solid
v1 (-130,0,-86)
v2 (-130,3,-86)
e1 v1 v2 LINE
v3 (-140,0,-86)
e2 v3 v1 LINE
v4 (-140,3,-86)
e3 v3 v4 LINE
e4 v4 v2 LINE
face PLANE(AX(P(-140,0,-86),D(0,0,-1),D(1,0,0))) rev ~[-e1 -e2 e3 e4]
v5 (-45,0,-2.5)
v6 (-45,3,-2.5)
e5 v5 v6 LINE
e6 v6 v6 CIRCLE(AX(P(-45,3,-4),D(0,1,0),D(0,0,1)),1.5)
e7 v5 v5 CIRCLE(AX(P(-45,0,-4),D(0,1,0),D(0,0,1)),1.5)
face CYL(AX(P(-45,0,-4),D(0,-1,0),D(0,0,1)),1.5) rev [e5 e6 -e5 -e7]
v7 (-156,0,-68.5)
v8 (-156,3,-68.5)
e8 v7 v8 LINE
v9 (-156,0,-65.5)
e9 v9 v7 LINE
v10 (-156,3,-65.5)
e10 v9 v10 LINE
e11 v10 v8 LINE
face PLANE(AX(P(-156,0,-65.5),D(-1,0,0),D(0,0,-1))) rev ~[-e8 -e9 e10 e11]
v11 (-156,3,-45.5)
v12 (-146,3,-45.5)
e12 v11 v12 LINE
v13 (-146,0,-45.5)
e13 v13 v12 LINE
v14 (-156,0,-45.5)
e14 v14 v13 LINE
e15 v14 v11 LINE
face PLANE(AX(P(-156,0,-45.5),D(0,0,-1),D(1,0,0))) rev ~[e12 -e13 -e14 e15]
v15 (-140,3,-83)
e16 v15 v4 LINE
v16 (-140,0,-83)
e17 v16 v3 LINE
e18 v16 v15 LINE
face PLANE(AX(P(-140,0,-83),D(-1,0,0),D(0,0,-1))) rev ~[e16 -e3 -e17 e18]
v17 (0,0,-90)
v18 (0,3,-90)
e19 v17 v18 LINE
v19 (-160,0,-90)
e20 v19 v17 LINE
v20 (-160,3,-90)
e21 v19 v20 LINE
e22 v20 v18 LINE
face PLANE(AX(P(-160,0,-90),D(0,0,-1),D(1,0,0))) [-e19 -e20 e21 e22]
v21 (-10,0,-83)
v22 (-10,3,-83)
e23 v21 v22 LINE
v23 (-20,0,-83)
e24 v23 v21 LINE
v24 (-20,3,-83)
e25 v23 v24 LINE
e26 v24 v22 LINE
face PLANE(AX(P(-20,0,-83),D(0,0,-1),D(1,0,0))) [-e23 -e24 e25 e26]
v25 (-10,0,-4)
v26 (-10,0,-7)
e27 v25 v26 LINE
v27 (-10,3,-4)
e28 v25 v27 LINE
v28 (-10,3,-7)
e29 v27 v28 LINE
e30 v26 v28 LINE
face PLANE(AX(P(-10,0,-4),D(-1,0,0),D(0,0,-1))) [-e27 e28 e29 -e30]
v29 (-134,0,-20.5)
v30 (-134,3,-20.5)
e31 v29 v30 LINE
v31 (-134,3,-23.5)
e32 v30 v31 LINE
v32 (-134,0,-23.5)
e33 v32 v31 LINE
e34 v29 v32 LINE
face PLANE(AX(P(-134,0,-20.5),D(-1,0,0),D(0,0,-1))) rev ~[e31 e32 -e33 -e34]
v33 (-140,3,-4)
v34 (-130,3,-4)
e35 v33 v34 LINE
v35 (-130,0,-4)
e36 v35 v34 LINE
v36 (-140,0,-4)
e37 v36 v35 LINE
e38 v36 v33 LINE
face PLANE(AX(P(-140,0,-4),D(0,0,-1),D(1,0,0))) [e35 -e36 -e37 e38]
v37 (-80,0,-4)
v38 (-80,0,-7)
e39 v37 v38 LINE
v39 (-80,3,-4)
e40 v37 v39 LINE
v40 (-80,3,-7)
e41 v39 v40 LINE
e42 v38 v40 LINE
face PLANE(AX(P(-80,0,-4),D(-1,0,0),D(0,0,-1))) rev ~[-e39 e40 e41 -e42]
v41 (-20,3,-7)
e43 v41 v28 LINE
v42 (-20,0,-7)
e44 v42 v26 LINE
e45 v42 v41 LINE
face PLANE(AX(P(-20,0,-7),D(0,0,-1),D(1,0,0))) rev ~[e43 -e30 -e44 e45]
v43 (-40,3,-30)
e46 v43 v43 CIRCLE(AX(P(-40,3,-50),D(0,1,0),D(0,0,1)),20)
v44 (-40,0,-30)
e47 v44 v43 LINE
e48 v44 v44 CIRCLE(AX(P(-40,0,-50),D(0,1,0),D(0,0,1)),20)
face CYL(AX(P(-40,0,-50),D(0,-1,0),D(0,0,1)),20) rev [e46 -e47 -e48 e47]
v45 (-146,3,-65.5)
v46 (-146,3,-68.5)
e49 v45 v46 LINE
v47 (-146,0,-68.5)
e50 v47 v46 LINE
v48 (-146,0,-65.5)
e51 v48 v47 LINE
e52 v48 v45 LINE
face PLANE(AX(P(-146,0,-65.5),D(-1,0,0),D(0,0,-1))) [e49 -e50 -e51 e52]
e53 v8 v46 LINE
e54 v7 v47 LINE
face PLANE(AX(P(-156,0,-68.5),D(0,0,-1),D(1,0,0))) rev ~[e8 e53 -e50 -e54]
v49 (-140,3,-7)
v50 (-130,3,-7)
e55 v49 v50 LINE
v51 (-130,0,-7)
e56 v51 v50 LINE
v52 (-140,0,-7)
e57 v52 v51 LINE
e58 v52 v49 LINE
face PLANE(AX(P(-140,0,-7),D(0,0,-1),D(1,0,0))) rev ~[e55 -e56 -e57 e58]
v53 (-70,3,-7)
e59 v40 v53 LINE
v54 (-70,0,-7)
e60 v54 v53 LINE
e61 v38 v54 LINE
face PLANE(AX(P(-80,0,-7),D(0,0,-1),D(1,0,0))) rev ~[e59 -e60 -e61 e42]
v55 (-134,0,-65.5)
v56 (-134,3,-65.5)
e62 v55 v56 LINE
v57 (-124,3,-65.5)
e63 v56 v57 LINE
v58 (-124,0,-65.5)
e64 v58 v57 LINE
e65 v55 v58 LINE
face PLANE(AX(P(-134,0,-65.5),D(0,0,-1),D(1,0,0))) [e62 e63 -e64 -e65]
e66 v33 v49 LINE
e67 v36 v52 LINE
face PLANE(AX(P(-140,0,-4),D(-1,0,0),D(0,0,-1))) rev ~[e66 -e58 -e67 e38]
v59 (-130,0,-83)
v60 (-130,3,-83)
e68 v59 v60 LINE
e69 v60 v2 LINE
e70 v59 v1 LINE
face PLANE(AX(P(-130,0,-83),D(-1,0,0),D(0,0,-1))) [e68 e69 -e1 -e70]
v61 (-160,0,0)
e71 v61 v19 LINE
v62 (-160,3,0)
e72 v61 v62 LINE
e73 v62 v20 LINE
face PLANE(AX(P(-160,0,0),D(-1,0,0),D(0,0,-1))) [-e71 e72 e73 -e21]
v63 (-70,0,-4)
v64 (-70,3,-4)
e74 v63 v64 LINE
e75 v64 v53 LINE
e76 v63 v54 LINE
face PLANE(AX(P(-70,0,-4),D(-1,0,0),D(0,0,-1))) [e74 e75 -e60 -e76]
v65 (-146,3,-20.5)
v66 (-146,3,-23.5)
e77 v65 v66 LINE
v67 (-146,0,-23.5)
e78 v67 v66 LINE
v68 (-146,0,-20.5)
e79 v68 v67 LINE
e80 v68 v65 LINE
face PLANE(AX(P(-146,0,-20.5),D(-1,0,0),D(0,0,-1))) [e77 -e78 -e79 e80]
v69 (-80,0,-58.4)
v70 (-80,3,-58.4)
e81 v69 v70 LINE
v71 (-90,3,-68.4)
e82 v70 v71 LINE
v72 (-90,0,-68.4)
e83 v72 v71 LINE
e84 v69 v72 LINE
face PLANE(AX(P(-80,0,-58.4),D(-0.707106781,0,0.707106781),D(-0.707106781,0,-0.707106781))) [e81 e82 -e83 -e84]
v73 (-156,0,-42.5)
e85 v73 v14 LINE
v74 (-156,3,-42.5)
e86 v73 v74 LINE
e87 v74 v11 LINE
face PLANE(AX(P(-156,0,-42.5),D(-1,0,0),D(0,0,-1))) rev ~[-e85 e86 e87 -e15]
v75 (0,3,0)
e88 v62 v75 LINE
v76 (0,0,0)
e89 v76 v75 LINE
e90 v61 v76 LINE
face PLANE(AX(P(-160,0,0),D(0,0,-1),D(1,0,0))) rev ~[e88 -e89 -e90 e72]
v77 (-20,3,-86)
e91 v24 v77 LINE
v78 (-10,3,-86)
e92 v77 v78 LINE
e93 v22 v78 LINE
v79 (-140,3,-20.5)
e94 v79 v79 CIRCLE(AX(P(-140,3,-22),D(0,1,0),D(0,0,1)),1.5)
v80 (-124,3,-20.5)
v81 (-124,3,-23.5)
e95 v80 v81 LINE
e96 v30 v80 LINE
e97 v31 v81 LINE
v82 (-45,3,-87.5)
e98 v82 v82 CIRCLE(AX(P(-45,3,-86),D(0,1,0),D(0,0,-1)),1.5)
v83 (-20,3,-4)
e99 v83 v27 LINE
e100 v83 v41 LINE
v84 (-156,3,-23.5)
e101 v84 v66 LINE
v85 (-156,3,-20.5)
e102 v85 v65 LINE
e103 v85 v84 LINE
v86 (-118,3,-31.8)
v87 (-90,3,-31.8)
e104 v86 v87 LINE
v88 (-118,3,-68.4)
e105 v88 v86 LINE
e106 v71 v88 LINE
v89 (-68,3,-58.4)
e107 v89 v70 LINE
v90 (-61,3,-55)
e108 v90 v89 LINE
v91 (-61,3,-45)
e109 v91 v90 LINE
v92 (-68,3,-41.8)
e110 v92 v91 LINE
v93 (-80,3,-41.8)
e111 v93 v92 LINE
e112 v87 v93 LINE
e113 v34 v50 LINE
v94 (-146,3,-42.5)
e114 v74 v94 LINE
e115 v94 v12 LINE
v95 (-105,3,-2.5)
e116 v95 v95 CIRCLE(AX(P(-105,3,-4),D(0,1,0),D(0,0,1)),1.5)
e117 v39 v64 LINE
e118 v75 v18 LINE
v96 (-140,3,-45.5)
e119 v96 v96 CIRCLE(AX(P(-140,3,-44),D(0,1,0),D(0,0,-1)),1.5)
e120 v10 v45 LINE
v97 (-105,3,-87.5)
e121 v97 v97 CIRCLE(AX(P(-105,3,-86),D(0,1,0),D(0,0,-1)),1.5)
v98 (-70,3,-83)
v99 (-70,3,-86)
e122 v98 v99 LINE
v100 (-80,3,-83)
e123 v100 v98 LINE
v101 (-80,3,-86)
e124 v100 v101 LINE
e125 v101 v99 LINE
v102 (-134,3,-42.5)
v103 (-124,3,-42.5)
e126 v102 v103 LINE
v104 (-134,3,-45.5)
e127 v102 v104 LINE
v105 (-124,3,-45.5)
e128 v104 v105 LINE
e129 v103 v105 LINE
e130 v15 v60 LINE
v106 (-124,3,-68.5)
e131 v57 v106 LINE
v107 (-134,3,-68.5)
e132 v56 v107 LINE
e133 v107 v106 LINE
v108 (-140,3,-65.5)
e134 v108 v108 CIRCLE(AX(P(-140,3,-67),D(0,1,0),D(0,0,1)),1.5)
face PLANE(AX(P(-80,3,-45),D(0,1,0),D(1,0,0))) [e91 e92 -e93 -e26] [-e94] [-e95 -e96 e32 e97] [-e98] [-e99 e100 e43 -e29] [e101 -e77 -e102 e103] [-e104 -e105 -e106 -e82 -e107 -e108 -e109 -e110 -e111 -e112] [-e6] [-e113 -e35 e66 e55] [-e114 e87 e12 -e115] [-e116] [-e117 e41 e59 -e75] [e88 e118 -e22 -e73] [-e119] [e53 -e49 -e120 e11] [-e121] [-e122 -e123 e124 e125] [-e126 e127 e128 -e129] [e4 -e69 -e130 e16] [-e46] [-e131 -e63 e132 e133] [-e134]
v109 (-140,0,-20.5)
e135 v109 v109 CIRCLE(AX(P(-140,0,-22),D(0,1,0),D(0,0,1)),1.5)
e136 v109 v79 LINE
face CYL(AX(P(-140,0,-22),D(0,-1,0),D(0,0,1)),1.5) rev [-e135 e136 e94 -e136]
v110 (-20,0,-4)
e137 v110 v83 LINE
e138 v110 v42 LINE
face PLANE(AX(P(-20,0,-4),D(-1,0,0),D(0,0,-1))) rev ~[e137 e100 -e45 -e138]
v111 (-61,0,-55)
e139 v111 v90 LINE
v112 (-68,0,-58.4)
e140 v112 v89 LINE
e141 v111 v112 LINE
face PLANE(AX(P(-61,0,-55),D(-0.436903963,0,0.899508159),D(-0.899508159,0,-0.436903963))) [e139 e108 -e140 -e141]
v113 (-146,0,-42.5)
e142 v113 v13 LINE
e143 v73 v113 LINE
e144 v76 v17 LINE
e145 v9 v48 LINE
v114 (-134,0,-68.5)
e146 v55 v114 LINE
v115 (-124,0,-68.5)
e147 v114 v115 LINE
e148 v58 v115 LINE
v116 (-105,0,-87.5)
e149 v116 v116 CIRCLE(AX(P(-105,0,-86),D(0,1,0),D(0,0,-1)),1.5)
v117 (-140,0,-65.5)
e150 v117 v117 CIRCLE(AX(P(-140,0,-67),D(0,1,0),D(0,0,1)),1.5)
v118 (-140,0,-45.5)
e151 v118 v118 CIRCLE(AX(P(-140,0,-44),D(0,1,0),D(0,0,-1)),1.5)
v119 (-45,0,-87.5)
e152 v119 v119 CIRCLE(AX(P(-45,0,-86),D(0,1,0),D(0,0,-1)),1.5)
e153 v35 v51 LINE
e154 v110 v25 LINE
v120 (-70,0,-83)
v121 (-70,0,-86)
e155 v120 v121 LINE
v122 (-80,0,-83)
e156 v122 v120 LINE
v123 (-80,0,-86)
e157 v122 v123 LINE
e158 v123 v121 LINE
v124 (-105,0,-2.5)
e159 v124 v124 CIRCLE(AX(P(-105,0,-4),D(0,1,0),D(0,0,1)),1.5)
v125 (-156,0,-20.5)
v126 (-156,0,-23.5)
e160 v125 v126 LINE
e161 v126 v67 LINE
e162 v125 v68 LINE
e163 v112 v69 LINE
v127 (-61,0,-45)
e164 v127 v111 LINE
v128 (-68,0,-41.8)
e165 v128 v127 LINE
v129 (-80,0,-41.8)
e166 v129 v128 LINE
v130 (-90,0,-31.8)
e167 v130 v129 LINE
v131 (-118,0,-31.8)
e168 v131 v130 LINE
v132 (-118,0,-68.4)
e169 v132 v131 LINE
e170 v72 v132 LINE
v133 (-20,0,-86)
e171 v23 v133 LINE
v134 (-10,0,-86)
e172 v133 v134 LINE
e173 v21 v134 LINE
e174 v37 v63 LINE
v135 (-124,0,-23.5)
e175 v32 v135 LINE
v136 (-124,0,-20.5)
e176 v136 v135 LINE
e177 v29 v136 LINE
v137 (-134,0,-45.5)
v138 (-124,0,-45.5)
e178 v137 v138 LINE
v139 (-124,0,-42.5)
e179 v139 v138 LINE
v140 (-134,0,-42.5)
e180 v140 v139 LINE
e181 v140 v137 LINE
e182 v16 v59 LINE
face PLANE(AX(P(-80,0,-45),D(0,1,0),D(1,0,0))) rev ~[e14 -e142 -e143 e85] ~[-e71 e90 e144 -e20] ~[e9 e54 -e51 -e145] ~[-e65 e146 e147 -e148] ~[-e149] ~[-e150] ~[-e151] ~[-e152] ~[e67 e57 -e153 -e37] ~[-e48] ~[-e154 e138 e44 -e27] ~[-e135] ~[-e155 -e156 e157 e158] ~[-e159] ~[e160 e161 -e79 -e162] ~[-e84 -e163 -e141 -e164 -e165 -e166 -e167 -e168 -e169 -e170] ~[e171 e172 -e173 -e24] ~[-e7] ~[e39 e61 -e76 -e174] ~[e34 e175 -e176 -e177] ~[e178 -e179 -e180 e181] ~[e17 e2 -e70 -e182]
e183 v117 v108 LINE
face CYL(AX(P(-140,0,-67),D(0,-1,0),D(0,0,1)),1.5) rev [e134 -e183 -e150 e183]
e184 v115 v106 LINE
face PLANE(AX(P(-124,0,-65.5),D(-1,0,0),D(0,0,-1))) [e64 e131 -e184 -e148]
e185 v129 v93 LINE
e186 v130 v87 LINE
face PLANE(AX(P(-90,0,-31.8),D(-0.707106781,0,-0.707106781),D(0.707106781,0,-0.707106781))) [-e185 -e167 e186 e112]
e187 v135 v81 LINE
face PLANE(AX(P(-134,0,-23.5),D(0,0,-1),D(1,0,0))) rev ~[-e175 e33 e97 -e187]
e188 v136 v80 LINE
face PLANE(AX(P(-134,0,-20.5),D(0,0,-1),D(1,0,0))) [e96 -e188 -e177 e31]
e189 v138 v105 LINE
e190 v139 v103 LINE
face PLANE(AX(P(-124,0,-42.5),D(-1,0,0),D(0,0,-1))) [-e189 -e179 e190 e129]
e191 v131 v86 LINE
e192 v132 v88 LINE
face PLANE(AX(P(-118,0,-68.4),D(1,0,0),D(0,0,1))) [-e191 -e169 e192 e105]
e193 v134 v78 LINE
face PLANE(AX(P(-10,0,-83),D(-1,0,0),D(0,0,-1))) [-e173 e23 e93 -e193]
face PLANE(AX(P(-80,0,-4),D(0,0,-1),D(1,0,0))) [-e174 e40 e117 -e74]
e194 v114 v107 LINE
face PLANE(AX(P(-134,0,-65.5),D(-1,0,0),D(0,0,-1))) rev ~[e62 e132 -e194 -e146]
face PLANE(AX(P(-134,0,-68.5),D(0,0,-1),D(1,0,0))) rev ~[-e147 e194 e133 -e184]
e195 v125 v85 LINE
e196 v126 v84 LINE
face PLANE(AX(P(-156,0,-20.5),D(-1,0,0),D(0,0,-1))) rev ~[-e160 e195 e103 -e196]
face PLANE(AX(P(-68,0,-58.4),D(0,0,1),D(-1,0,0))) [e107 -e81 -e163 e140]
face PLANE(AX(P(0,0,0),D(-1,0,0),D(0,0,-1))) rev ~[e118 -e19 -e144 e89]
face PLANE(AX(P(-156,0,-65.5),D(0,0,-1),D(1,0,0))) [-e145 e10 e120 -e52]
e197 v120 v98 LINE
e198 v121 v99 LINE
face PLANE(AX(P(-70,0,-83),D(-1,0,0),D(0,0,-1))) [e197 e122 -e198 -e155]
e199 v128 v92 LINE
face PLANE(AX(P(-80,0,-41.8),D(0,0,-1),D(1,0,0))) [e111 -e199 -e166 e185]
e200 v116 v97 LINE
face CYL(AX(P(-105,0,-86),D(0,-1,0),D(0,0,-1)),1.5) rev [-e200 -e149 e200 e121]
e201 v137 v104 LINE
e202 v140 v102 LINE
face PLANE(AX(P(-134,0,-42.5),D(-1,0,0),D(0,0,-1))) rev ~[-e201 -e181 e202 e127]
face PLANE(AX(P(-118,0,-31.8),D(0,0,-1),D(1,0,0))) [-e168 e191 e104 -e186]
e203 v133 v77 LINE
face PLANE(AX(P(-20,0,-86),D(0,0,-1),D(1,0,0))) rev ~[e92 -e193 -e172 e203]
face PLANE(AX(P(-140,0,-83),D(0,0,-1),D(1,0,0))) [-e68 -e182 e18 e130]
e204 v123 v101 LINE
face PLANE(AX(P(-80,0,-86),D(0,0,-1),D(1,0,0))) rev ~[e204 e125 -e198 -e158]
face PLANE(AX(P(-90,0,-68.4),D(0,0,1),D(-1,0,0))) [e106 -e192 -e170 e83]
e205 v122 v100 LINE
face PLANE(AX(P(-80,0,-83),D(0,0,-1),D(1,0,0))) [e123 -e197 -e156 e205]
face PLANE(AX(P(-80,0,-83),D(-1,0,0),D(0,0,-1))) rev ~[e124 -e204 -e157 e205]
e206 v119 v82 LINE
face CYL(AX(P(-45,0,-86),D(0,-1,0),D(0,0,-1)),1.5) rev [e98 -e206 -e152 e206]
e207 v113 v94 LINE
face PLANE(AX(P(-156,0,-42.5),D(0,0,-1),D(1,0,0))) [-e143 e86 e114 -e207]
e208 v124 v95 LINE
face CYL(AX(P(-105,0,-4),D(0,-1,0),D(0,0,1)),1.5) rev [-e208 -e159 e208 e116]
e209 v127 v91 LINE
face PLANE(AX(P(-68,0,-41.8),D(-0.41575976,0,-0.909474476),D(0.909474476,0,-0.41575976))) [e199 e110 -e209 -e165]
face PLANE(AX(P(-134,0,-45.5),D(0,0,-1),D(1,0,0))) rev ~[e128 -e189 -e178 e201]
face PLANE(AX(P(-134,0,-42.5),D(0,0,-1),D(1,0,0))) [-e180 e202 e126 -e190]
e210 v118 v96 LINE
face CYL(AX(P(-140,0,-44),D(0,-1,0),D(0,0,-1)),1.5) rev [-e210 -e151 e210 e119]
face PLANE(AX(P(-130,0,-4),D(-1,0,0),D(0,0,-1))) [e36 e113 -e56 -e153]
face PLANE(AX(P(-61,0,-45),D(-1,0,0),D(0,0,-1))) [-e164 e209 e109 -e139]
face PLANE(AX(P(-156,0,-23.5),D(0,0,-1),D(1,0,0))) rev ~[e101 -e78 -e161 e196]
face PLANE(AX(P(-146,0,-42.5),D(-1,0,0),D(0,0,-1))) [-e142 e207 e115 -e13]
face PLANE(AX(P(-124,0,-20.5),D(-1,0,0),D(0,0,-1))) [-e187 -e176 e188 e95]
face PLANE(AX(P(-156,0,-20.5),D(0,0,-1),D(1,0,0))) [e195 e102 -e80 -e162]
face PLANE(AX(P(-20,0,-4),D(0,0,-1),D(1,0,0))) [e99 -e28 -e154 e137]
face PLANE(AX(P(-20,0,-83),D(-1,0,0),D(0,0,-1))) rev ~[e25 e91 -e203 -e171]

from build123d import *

# Parameters (mm, degrees)
SKETCH1_W           = 160
SKETCH1_H           = 90
SKETCH1_R           = 20
SKETCH1_R_2         = 1.5
SKETCH1_W_2         = 10
SKETCH1_H_2         = 3
BOSS_EXTRUDE1_DEPTH = 3


with BuildPart() as part:
    # Sketch1 → Boss-Extrude1 (new body)
    with BuildSketch(Plane(origin=(0, 0, 0), x_dir=(1, 0, 0), z_dir=(0, 1, 0))):
        with Locations((-80, 45)):
            Rectangle(SKETCH1_W, SKETCH1_H)
        with Locations(Location((-40, 50, 0), (0, 0, 270))):
            Circle(SKETCH1_R, mode=Mode.SUBTRACT)
        with Locations(Location((-105, 4, 0), (0, 0, 270))):
            Circle(SKETCH1_R_2, mode=Mode.SUBTRACT)
        with Locations(Location((-45, 4, 0), (0, 0, 270))):
            Circle(SKETCH1_R_2, mode=Mode.SUBTRACT)
        with Locations(Location((-105, 86, 0), (0, 0, 90))):
            Circle(SKETCH1_R_2, mode=Mode.SUBTRACT)
        with Locations(Location((-45, 86, 0), (0, 0, 90))):
            Circle(SKETCH1_R_2, mode=Mode.SUBTRACT)
        with Locations(Location((-140, 67, 0), (0, 0, 270))):
            Circle(SKETCH1_R_2, mode=Mode.SUBTRACT)
        with Locations(Location((-140, 44, 0), (0, 0, 90))):
            Circle(SKETCH1_R_2, mode=Mode.SUBTRACT)
        with Locations(Location((-140, 22, 0), (0, 0, 270))):
            Circle(SKETCH1_R_2, mode=Mode.SUBTRACT)
        Polygon((-118, 68.4), (-118, 31.8), (-90, 31.8), (-80, 41.8), (-68, 41.8), (-61, 45), (-61, 55), (-68, 58.4), (-80, 58.4), (-90, 68.4), align=None, mode=Mode.SUBTRACT)
        with Locations((-135, 84.5)):
            Rectangle(SKETCH1_W_2, SKETCH1_H_2, mode=Mode.SUBTRACT)
        with Locations((-135, 5.5)):
            Rectangle(SKETCH1_W_2, SKETCH1_H_2, mode=Mode.SUBTRACT)
        with Locations((-75, 5.5)):
            Rectangle(SKETCH1_W_2, SKETCH1_H_2, mode=Mode.SUBTRACT)
        with Locations((-75, 84.5)):
            Rectangle(SKETCH1_W_2, SKETCH1_H_2, mode=Mode.SUBTRACT)
        with Locations((-15, 5.5)):
            Rectangle(SKETCH1_W_2, SKETCH1_H_2, mode=Mode.SUBTRACT)
        with Locations((-15, 84.5)):
            Rectangle(SKETCH1_W_2, SKETCH1_H_2, mode=Mode.SUBTRACT)
        with Locations((-151, 67)):
            Rectangle(SKETCH1_W_2, SKETCH1_H_2, mode=Mode.SUBTRACT)
        with Locations((-129, 67)):
            Rectangle(SKETCH1_W_2, SKETCH1_H_2, mode=Mode.SUBTRACT)
        with Locations((-129, 44)):
            Rectangle(SKETCH1_W_2, SKETCH1_H_2, mode=Mode.SUBTRACT)
        with Locations((-151, 44)):
            Rectangle(SKETCH1_W_2, SKETCH1_H_2, mode=Mode.SUBTRACT)
        with Locations((-151, 22)):
            Rectangle(SKETCH1_W_2, SKETCH1_H_2, mode=Mode.SUBTRACT)
        with Locations((-129, 22)):
            Rectangle(SKETCH1_W_2, SKETCH1_H_2, mode=Mode.SUBTRACT)
    extrude(amount=BOSS_EXTRUDE1_DEPTH)


solid = part.part
